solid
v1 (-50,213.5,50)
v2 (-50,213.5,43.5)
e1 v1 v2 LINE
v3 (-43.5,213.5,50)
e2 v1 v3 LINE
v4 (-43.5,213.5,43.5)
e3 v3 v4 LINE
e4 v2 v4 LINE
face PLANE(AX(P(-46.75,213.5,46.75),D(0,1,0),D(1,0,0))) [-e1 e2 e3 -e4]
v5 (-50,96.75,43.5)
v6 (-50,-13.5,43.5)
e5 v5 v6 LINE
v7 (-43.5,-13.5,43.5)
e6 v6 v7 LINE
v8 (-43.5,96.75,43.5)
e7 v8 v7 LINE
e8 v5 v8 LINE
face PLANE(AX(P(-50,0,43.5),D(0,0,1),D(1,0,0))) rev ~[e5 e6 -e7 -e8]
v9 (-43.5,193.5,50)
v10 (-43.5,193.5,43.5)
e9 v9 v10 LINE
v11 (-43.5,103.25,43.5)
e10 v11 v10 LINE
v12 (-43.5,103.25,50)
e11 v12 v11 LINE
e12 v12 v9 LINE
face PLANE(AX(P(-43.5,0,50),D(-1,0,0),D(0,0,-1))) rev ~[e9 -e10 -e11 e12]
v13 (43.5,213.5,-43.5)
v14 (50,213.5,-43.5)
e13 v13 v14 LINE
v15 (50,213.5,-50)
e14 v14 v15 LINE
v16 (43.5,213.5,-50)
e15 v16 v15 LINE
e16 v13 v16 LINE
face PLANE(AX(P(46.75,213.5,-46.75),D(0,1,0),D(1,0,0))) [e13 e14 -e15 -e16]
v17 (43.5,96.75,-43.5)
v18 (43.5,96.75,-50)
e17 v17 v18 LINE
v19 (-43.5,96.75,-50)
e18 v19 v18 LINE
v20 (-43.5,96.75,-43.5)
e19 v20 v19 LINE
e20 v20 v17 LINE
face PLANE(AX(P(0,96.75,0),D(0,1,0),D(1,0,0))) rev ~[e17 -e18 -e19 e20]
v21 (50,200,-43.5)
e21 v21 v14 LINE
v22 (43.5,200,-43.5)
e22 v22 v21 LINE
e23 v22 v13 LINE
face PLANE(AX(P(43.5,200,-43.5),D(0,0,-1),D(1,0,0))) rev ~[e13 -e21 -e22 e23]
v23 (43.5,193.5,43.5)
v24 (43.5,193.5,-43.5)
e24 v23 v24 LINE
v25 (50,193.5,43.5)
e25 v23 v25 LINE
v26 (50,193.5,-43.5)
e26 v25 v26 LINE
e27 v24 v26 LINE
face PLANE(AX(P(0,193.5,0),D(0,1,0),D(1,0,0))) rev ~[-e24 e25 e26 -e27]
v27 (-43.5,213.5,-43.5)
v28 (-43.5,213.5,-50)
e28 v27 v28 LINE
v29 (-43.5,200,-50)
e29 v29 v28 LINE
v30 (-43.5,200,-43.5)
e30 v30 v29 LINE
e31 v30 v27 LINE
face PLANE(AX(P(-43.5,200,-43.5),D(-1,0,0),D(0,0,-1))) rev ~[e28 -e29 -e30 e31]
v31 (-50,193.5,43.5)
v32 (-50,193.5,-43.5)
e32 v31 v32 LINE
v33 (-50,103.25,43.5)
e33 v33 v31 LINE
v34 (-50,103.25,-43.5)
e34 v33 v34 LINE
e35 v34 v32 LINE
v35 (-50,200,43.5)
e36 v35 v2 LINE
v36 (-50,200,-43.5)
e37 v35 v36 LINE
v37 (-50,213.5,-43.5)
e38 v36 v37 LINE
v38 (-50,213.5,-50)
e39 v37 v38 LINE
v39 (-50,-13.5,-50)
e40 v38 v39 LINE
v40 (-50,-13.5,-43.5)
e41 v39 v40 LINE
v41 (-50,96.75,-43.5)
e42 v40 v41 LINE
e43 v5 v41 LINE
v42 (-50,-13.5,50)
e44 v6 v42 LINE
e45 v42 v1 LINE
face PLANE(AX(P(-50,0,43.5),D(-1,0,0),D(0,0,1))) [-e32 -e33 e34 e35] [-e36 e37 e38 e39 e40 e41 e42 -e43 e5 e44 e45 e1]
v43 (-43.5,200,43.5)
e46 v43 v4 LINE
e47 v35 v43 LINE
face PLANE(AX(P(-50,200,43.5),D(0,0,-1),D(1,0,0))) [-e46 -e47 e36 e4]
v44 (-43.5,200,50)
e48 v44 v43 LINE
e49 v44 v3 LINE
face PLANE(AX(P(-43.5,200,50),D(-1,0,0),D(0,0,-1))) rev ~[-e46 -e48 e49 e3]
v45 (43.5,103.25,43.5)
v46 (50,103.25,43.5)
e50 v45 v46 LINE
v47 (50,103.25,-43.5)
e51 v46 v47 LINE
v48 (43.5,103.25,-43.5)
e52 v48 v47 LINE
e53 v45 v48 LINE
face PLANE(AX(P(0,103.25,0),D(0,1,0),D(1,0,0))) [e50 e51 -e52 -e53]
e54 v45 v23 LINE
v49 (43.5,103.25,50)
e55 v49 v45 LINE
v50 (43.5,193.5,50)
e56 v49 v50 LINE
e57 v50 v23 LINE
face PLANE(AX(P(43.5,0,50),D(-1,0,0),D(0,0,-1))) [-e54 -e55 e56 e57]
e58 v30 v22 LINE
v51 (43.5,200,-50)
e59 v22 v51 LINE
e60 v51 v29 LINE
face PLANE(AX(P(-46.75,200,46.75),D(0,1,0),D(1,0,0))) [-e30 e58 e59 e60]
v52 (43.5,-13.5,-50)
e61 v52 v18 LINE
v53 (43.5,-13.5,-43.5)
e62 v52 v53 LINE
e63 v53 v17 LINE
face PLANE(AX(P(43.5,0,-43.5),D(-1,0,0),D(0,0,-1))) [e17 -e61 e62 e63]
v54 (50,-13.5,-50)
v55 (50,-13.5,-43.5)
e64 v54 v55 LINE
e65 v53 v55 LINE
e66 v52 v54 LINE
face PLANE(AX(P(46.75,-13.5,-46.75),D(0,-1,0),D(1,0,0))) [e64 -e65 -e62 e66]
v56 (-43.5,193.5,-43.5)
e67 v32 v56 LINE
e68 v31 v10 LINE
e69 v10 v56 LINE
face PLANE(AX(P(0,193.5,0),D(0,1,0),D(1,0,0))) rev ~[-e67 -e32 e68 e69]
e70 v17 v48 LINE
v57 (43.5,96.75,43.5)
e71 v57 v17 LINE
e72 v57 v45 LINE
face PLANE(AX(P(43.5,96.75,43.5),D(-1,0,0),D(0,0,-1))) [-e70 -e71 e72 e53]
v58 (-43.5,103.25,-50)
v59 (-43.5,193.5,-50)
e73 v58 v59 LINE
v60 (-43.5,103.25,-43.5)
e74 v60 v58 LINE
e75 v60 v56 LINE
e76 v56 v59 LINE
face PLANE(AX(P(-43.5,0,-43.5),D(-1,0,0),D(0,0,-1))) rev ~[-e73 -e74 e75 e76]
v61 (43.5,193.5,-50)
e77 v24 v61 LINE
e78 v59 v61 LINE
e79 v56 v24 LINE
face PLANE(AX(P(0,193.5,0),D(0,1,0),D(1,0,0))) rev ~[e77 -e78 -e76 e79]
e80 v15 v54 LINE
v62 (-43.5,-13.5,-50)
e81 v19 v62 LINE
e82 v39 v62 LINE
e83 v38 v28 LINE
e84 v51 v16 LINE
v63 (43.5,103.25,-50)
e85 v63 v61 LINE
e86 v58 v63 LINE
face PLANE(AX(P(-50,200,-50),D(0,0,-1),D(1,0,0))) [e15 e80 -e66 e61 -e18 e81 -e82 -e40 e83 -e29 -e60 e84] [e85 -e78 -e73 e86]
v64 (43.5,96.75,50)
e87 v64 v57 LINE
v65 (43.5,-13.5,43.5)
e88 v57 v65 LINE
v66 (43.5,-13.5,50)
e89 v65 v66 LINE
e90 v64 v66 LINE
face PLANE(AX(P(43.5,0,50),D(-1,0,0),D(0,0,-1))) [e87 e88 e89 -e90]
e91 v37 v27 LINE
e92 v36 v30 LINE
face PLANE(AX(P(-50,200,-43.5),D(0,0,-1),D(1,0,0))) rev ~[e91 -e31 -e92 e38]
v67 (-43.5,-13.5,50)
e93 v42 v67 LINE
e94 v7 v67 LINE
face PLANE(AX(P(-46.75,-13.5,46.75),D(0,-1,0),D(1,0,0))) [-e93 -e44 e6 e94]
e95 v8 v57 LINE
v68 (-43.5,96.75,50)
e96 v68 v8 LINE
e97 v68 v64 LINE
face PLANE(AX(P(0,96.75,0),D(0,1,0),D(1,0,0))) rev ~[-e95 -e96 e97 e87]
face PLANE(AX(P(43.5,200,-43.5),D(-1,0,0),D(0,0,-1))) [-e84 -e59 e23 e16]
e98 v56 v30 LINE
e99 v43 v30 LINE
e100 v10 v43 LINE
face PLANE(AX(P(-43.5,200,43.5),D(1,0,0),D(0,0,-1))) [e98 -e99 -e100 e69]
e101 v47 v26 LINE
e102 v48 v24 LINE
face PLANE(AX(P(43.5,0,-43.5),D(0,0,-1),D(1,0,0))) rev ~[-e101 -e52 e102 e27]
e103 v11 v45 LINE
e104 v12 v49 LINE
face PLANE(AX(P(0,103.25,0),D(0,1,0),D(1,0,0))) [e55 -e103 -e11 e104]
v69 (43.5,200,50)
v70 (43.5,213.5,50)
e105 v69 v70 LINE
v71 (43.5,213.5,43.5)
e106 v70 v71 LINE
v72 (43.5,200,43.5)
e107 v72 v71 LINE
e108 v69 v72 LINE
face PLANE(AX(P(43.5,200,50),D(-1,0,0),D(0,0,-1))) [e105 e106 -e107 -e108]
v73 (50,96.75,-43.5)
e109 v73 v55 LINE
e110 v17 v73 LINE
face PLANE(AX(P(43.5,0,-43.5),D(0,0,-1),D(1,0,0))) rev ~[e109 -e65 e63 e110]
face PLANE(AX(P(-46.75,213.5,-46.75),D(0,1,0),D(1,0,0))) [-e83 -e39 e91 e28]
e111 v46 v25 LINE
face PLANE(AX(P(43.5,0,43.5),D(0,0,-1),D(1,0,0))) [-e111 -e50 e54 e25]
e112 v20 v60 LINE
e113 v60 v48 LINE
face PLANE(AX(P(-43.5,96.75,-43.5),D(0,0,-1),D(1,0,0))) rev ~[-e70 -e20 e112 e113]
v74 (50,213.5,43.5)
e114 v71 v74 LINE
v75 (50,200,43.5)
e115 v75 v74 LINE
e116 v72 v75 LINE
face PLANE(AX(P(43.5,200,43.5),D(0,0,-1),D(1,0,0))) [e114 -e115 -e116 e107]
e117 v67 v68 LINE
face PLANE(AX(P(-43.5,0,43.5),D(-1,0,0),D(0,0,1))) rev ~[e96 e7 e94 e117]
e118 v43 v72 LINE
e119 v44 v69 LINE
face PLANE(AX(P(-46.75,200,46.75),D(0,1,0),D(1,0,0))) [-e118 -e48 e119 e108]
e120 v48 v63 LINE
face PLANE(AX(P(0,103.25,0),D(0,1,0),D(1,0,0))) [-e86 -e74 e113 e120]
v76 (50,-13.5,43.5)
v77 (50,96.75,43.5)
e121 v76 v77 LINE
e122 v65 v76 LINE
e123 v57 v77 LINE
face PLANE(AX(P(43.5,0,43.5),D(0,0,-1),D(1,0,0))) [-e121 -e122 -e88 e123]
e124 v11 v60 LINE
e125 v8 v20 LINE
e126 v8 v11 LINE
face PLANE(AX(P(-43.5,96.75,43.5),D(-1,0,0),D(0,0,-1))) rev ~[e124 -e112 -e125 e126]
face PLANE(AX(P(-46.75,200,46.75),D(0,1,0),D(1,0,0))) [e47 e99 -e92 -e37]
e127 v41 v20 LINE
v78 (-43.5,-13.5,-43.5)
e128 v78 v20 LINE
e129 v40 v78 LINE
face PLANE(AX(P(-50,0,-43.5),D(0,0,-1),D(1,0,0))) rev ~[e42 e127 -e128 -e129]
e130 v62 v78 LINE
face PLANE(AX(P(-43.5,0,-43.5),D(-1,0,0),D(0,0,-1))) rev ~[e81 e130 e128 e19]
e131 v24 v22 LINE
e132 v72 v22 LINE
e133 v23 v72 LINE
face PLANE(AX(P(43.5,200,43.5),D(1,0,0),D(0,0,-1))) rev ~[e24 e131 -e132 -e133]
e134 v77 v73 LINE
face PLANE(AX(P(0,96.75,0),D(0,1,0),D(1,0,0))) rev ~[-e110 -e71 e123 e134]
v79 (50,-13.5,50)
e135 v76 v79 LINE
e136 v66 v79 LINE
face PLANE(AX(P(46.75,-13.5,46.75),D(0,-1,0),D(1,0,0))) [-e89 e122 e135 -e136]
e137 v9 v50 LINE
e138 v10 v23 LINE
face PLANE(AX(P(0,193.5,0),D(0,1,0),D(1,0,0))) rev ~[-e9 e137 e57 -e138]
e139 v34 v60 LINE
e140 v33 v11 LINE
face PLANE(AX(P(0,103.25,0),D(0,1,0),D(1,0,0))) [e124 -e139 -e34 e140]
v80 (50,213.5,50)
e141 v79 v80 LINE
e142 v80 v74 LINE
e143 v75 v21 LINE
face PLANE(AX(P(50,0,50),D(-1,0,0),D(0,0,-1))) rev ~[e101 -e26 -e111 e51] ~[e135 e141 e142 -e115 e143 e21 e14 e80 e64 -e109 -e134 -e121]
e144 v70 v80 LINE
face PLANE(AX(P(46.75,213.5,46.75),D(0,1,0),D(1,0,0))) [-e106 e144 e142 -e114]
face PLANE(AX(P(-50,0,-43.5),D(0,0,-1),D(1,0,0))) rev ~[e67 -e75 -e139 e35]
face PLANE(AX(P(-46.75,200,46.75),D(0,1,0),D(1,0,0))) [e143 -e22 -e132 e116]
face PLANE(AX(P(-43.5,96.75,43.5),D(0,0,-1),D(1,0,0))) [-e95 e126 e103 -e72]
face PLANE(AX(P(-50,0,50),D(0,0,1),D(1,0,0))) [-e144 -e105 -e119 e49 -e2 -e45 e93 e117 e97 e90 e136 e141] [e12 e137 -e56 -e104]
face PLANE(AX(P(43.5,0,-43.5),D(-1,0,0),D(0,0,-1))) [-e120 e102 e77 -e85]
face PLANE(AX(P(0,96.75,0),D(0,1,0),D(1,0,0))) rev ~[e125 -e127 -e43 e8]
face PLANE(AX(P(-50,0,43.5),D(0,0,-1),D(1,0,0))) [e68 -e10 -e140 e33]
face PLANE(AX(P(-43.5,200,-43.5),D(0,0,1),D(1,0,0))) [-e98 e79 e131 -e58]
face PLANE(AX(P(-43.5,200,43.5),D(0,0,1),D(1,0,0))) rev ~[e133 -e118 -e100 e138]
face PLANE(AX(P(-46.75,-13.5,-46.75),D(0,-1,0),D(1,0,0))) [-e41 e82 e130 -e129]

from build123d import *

# Parameters (mm, degrees)
SKETCH3_W                = 6.5
SKETCH3_H                = 6.5
BOSS_EXTRUDE1_DEPTH      = 200
BOSS_EXTRUDE1_2_DEPTH    = 200
BOSS_EXTRUDE1_3_DEPTH    = 200
BOSS_EXTRUDE1_4_DEPTH    = 200
SKETCH11_W               = 100
SKETCH11_H               = 100
SKETCH11_W_2             = 87
SKETCH11_H_2             = 87
BOSS_EXTRUDE7_DEPTH      = 6.5
BOSS_EXTRUDE8_DEPTH      = 3.25
BOSS_EXTRUDE8_DEPTH_BACK = 3.25
BOSS_EXTRUDE8_START      = -100
SKETCH12_W               = 100
SKETCH12_H               = 100
SKETCH12_W_2             = 87
SKETCH12_H_2             = 87
SKETCH13_W               = 6.5
SKETCH13_H               = 6.5
BOSS_EXTRUDE9_DEPTH      = 13.5
SKETCH14_W               = 6.5
SKETCH14_H               = 6.5
BOSS_EXTRUDE10_DEPTH     = 13.5


with BuildPart() as part:
    # Sketch3 → Boss-Extrude1 (new body)
    with BuildSketch(Plane(origin=(0, 0, 0), x_dir=(1, 0, 0), z_dir=(0, 1, 0))):
        with Locations((-46.75, 46.75)):
            Rectangle(SKETCH3_W, SKETCH3_H)
    extrude(amount=BOSS_EXTRUDE1_DEPTH)



with BuildPart() as body_2:
    # Sketch3 → Boss-Extrude1 2 (new body)
    with BuildSketch(Plane(origin=(0, 0, 0), x_dir=(1, 0, 0), z_dir=(0, 1, 0))):
        with Locations((46.75, 46.75)):
            Rectangle(SKETCH3_W, SKETCH3_H)
    extrude(amount=BOSS_EXTRUDE1_2_DEPTH)


with BuildPart() as body_3:
    # Sketch3 → Boss-Extrude1 3 (new body)
    with BuildSketch(Plane(origin=(0, 0, 0), x_dir=(1, 0, 0), z_dir=(0, 1, 0))):
        with Locations((46.75, -46.75)):
            Rectangle(SKETCH3_W, SKETCH3_H)
    extrude(amount=BOSS_EXTRUDE1_3_DEPTH)


with BuildPart() as body_4:
    # Sketch3 → Boss-Extrude1 4 (new body)
    with BuildSketch(Plane(origin=(0, 0, 0), x_dir=(1, 0, 0), z_dir=(0, 1, 0))):
        with Locations((-46.75, -46.75)):
            Rectangle(SKETCH3_W, SKETCH3_H)
    extrude(amount=BOSS_EXTRUDE1_4_DEPTH)


with BuildPart() as part_1:
    add(part.part)

    add(body_2.part)  # Boss-Extrude7 merges body 2

    add(body_3.part)  # Boss-Extrude7 merges body 3

    add(body_4.part)  # Boss-Extrude7 merges body 4
    # Sketch11 → Boss-Extrude7 (add)
    with BuildSketch(Plane(origin=(0, 200, 0), x_dir=(1, 0, 0), z_dir=(0, 1, 0))):
        Rectangle(SKETCH11_W, SKETCH11_H)
        Rectangle(SKETCH11_W_2, SKETCH11_H_2, mode=Mode.SUBTRACT)
    extrude(amount=-BOSS_EXTRUDE7_DEPTH)

    # Sketch12 → Boss-Extrude8 (add, two sides: drawn at the far end of the back side and taken through both)
    with BuildSketch(Plane(origin=(0, 200, 0), x_dir=(1, 0, 0), z_dir=(0, 1, 0)).offset(BOSS_EXTRUDE8_START - BOSS_EXTRUDE8_DEPTH_BACK)):
        Rectangle(SKETCH12_W, SKETCH12_H)
        Rectangle(SKETCH12_W_2, SKETCH12_H_2, mode=Mode.SUBTRACT)
    extrude(amount=BOSS_EXTRUDE8_DEPTH + BOSS_EXTRUDE8_DEPTH_BACK)

    # Sketch13 → Boss-Extrude9 (add)
    with BuildSketch(Plane(origin=(0, 200, 0), x_dir=(1, 0, 0), z_dir=(0, 1, 0))):
        with Locations((-46.75, 46.75)):
            Rectangle(SKETCH13_W, SKETCH13_H)
        with Locations((46.75, 46.75)):
            Rectangle(SKETCH13_W, SKETCH13_H)
        with Locations((46.75, -46.75)):
            Rectangle(SKETCH13_W, SKETCH13_H)
        with Locations((-46.75, -46.75)):
            Rectangle(SKETCH13_W, SKETCH13_H)
    extrude(amount=BOSS_EXTRUDE9_DEPTH)

    # Sketch14 → Boss-Extrude10 (add)
    with BuildSketch(Plane.XZ):
        with Locations((-46.75, 46.75)):
            Rectangle(SKETCH14_W, SKETCH14_H)
        with Locations((46.75, 46.75)):
            Rectangle(SKETCH14_W, SKETCH14_H)
        with Locations((46.75, -46.75)):
            Rectangle(SKETCH14_W, SKETCH14_H)
        with Locations((-46.75, -46.75)):
            Rectangle(SKETCH14_W, SKETCH14_H)
    extrude(amount=BOSS_EXTRUDE10_DEPTH)


solid = part_1.part
